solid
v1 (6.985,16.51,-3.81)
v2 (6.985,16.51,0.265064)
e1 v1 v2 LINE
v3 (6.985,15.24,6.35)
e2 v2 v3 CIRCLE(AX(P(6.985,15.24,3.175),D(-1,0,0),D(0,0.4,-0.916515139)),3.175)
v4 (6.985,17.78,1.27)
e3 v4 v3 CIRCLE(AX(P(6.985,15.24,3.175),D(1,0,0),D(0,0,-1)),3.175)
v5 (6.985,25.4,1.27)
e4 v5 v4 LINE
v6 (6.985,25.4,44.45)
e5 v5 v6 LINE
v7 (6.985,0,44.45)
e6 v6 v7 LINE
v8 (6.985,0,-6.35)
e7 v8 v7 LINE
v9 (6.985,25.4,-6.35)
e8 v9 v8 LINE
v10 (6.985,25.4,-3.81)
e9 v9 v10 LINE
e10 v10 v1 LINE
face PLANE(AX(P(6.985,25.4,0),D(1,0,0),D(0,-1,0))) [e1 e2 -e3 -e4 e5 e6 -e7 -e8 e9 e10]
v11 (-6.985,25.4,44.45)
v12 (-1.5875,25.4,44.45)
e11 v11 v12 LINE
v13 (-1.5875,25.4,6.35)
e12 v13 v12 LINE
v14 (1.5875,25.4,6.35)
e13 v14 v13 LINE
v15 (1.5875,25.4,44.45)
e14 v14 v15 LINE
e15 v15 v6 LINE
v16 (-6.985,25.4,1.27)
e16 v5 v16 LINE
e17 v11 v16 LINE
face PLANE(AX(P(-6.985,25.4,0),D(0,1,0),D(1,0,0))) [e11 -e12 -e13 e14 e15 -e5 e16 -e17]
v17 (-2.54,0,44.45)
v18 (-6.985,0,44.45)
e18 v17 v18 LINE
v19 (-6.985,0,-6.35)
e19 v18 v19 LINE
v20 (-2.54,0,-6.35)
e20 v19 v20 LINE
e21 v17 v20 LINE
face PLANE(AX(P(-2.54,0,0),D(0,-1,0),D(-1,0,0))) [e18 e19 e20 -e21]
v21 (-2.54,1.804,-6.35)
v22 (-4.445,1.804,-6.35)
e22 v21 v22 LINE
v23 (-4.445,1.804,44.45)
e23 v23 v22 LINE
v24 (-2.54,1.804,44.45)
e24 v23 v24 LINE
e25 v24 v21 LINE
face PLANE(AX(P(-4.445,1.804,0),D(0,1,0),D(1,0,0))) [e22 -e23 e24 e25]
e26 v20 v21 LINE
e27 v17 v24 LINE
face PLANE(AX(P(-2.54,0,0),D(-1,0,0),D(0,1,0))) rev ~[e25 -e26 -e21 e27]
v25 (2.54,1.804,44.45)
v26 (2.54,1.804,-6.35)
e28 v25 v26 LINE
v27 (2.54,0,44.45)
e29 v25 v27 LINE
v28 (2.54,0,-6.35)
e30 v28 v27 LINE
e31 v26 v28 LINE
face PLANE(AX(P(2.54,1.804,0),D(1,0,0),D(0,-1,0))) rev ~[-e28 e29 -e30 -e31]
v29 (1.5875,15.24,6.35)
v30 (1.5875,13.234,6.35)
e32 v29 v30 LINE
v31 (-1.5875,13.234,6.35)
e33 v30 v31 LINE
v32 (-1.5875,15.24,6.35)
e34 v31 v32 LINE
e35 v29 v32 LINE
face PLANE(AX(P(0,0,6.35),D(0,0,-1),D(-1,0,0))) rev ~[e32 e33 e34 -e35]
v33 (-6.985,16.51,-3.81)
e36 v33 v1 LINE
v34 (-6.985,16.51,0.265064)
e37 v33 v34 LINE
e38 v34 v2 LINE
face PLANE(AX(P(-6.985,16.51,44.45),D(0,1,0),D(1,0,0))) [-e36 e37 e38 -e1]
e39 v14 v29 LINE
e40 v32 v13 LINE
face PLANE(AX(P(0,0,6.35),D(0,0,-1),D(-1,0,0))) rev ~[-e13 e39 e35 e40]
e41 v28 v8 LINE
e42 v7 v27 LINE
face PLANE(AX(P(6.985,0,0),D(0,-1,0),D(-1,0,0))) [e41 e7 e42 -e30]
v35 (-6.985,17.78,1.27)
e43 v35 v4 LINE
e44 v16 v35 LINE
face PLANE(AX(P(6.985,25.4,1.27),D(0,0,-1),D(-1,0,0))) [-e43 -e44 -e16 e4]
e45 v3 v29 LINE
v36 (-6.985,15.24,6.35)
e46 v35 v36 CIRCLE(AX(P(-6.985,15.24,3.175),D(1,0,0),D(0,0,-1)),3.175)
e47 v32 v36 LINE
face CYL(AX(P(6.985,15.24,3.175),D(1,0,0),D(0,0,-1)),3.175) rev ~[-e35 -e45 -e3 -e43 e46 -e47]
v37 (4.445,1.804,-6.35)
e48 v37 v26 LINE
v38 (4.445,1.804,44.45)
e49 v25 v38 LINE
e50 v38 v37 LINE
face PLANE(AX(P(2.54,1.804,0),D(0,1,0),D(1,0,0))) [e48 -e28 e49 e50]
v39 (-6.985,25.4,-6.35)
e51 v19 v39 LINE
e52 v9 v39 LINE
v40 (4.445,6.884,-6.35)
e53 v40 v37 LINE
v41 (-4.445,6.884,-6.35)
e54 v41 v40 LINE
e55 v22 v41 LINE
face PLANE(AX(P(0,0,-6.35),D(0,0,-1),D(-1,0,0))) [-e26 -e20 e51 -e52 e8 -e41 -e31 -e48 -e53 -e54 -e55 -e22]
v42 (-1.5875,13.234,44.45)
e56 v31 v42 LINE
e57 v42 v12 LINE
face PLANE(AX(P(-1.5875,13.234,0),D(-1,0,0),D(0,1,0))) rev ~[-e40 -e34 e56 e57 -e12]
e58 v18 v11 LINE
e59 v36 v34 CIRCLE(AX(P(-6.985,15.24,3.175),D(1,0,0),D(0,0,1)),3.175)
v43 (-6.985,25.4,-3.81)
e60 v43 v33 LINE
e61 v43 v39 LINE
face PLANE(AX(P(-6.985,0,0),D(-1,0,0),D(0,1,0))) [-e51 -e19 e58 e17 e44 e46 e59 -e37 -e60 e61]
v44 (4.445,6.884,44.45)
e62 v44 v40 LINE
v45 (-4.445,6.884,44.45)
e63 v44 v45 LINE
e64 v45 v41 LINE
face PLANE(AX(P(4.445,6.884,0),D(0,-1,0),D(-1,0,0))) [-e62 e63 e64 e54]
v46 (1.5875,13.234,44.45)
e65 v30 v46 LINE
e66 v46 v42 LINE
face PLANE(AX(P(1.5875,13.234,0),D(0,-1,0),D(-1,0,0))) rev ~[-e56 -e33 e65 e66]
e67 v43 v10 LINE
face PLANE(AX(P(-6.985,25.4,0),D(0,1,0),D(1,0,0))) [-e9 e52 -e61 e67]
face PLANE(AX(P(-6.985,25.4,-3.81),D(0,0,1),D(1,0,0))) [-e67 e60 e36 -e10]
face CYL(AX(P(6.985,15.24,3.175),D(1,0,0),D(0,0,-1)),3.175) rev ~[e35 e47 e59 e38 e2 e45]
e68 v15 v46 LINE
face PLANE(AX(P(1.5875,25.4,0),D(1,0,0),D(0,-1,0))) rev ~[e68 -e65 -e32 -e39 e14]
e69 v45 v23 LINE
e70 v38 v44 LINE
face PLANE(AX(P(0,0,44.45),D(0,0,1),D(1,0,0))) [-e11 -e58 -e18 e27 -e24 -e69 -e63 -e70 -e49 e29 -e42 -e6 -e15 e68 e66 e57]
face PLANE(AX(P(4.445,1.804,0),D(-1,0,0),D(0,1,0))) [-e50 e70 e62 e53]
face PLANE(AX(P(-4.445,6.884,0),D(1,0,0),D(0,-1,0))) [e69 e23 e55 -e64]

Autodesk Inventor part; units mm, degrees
ref_plane "YZ Plane" through (0, 0, 0) normal (1, 0, 0) x (0, 1, 0)
ref_plane "XZ Plane" through (0, 0, 0) normal (0, 1, 0) x (-1, 0, 0)
ref_plane "XY Plane" through (0, 0, 0) normal (0, 0, 1) x (1, 0, 0)
sketch "Sketch1" plane through (0, 0, 0) normal (0, 0, 1) x (1, 0, 0)
  line L0 (2.54, -4.344) -> (-2.54, -4.344)
  line L1 (-2.54, -4.344) -> (-2.54, 4.344)
  line L2 (-2.54, 4.344) -> (2.54, 4.344)
  line L3 (2.54, 4.344) -> (2.54, -4.344)
  line L4 (2.54, -4.344) -> (-2.54, 4.344) construction
  line L5 (-2.54, -4.344) -> (2.54, 4.344) construction
  line L6 (4.445, 6.884) -> (-4.445, 6.884)
  line L7 (-4.445, 6.884) -> (-4.445, 1.804)
  line L8 (-4.445, 1.804) -> (4.445, 1.804)
  line L9 (4.445, 1.804) -> (4.445, 6.884)
  line L10 (4.445, 6.884) -> (-4.445, 1.804) construction
  line L11 (-4.445, 6.884) -> (4.445, 1.804) construction
  line L12 (3.8177, 1.5502) -> (-3.8177, 7.1379) construction
  line L13 (-4.445, -1.73) -> (4.445, 10.418) construction
  line L14 (6.985, 0) -> (-6.985, 0)
  line L15 (-6.985, 0) -> (-6.985, 25.4)
  line L16 (-6.985, 25.4) -> (6.985, 25.4)
  line L17 (6.985, 25.4) -> (6.985, 0)
  line L18 (6.985, 0) -> (-6.985, 25.4) construction
  line L19 (-6.985, 0) -> (6.985, 25.4) construction
  line L20 (0, 25.4) -> (0, 0) construction
  line L21 (-1.5875, 25.4) -> (1.5875, 25.4)
  line L22 (1.5875, 25.4) -> (1.5875, 13.234)
  line L23 (1.5875, 13.234) -> (-1.5875, 13.234)
  line L24 (-1.5875, 13.234) -> (-1.5875, 25.4)
  point P0 (0, 4.344)
  point P1 (0, 12.7)
  point P2 (2.54, 1.804)
  point P3 (2.54, 0)
  point P4 (-2.54, 0)
  point P5 (-2.54, 1.804)
  dimension "d0" = 5.08
  dimension "d1" = 8.89
  dimension "d2" = 5.08
  dimension "d3" = 8.89
  dimension "d4" = 8.89
  dimension "d5" = 13.97
  dimension "d6" = 25.4
  dimension "d7" = 0
  dimension "d8" = 3.175
  dimension "d9" = 1.5875
  dimension "d27" = 6.35
extrude "Extrusion1" add sketch "Sketch1" along normal blind 44.45 contours L3 L8 L9 L6 L7 L1 L14 L15 L16 L24 L23 L22 L17
sketch "Sketch2" plane through (0, 0, 0) normal (0, 0, -1) x (-1, 0, 0)
  line L0 (4.445, 6.884) -> (-4.445, 6.884) projected
  line L1 (4.445, 1.804) -> (4.445, 6.884) projected
  line L2 (2.54, 1.804) -> (4.445, 1.804) projected
  line L3 (2.54, 0) -> (2.54, 1.804) projected
  line L4 (6.985, 0) -> (2.54, 0) projected
  line L5 (6.985, 25.4) -> (6.985, 0) projected
  line L6 (1.5875, 25.4) -> (6.985, 25.4) projected
  line L7 (1.5875, 13.234) -> (1.5875, 25.4) projected
  line L8 (-1.5875, 13.234) -> (1.5875, 13.234) projected
  line L9 (-1.5875, 25.4) -> (-1.5875, 13.234) projected
  line L10 (-6.985, 25.4) -> (-1.5875, 25.4) projected
  line L11 (-6.985, 0) -> (-6.985, 25.4) projected
  line L12 (-2.54, 0) -> (-6.985, 0) projected
  line L13 (-2.54, 1.804) -> (-2.54, 0) projected
  line L14 (-4.445, 1.804) -> (-2.54, 1.804) projected
  line L15 (-4.445, 6.884) -> (-4.445, 1.804) projected
  line L16 (-1.5875, 25.4) -> (1.5875, 25.4)
  line L17 (1.5875, 25.4) -> (1.5875, 13.234)
  line L18 (1.5875, 13.234) -> (-1.5875, 13.234)
  line L19 (-1.5875, 13.234) -> (-1.5875, 25.4)
  point P0 (0, 0)
  point P1 (1.5875, 25.4)
extrude "Extrusion2" add sketch "Sketch2" against normal blind 6.35 contours L7 L8 L9 L16
sketch "Sketch3" plane through (6.985, 0, 0) normal (1, 0, 0) x (0, 0, -1)
  line L0 (0, 0) -> (0, 25.4) projected
  line L1 (0, 25.4) -> (-44.45, 25.4) projected
  line L2 (-44.45, 0) -> (-44.45, 25.4) projected
  line L3 (0, 0) -> (-44.45, 0) projected
  line L4 (-6.35, 25.4) -> (-6.35, 13.234) projected
  circle A0 centre (-3.175, 15.24) radius 3.175
  point P0 (0, 0)
  point P1 (0, 12.7)
  dimension "d14" = 6.35
  dimension "d15" = 3.175
  dimension "d16" = 10.16
extrude "Extrusion3" cut sketch "Sketch3" against normal through all contours A0
sketch "Sketch4" plane through (0, 0, 0) normal (0, 0, -1) x (-1, 0, 0)
  line L0 (4.445, 6.884) -> (-4.445, 6.884) projected
  line L1 (4.445, 1.804) -> (4.445, 6.884) projected
  line L2 (2.54, 1.804) -> (4.445, 1.804) projected
  line L3 (2.54, 0) -> (2.54, 1.804) projected
  line L4 (6.985, 0) -> (2.54, 0) projected
  line L5 (6.985, 25.4) -> (6.985, 15.24) projected
  line L6 (-6.985, 25.4) -> (6.985, 25.4) projected
  line L7 (-6.985, 0) -> (-6.985, 15.24) projected
  line L8 (-2.54, 0) -> (-6.985, 0) projected
  line L9 (-2.54, 1.804) -> (-2.54, 0) projected
  line L10 (-4.445, 1.804) -> (-2.54, 1.804) projected
  line L11 (-4.445, 6.884) -> (-4.445, 1.804) projected
  line L12 (-6.985, 0) -> (-6.985, 25.4) projected
  line L13 (-6.985, 12.7) -> (6.985, 12.7)
  line L14 (6.985, 25.4) -> (6.985, 0) projected
  line L15 (-6.985, 15.24) -> (6.985, 15.24) projected
  line L16 (-6.985, 15.24) -> (-6.985, 25.4) projected
  line L17 (6.985, 15.24) -> (6.985, 0) projected
  point P0 (0, 0)
  point P1 (-6.985, 12.7)
  point P2 (6.985, 12.7)
  dimension "d19" = 12.7
extrude "Extrusion4" add sketch "Sketch4" along normal blind 6.35
sketch "Sketch5" plane through (-6.985, 25.4, 44.45) normal (0, 1, 0) x (1, 0, 0)
  line L0 (0, 50.8) -> (0, 0) projected
  line L1 (13.97, 50.8) -> (13.97, 0) projected
  line L2 (0, 50.8) -> (13.97, 50.8)
  line L3 (13.97, 50.8) -> (13.97, 40.64)
  line L4 (13.97, 40.64) -> (0, 40.64)
  line L5 (0, 40.64) -> (0, 50.8)
  line L6 (0, 48.26) -> (13.97, 48.26)
  line L7 (13.97, 48.26) -> (13.97, 43.18)
  line L8 (13.97, 43.18) -> (0, 43.18)
  line L9 (0, 43.18) -> (0, 48.26)
  line L10 (0, 48.26) -> (13.97, 43.18) construction
  line L11 (13.97, 48.26) -> (0, 43.18) construction
  point P0 (6.985, 44.45)
  point P1 (6.985, 45.72)
  point P2 (0, 43.18)
  dimension "d22" = 10.16
  dimension "d23" = 5.08
  dimension "d24" = 5.08
  dimension "d29" = 0
extrude "Extrusion5" cut sketch "Sketch5" against normal blind 8.89 contours L6 L1 L8 L0
fillet "Fillet1" [suppressed]
properties part number "Drone_Launcher_Carriage"
